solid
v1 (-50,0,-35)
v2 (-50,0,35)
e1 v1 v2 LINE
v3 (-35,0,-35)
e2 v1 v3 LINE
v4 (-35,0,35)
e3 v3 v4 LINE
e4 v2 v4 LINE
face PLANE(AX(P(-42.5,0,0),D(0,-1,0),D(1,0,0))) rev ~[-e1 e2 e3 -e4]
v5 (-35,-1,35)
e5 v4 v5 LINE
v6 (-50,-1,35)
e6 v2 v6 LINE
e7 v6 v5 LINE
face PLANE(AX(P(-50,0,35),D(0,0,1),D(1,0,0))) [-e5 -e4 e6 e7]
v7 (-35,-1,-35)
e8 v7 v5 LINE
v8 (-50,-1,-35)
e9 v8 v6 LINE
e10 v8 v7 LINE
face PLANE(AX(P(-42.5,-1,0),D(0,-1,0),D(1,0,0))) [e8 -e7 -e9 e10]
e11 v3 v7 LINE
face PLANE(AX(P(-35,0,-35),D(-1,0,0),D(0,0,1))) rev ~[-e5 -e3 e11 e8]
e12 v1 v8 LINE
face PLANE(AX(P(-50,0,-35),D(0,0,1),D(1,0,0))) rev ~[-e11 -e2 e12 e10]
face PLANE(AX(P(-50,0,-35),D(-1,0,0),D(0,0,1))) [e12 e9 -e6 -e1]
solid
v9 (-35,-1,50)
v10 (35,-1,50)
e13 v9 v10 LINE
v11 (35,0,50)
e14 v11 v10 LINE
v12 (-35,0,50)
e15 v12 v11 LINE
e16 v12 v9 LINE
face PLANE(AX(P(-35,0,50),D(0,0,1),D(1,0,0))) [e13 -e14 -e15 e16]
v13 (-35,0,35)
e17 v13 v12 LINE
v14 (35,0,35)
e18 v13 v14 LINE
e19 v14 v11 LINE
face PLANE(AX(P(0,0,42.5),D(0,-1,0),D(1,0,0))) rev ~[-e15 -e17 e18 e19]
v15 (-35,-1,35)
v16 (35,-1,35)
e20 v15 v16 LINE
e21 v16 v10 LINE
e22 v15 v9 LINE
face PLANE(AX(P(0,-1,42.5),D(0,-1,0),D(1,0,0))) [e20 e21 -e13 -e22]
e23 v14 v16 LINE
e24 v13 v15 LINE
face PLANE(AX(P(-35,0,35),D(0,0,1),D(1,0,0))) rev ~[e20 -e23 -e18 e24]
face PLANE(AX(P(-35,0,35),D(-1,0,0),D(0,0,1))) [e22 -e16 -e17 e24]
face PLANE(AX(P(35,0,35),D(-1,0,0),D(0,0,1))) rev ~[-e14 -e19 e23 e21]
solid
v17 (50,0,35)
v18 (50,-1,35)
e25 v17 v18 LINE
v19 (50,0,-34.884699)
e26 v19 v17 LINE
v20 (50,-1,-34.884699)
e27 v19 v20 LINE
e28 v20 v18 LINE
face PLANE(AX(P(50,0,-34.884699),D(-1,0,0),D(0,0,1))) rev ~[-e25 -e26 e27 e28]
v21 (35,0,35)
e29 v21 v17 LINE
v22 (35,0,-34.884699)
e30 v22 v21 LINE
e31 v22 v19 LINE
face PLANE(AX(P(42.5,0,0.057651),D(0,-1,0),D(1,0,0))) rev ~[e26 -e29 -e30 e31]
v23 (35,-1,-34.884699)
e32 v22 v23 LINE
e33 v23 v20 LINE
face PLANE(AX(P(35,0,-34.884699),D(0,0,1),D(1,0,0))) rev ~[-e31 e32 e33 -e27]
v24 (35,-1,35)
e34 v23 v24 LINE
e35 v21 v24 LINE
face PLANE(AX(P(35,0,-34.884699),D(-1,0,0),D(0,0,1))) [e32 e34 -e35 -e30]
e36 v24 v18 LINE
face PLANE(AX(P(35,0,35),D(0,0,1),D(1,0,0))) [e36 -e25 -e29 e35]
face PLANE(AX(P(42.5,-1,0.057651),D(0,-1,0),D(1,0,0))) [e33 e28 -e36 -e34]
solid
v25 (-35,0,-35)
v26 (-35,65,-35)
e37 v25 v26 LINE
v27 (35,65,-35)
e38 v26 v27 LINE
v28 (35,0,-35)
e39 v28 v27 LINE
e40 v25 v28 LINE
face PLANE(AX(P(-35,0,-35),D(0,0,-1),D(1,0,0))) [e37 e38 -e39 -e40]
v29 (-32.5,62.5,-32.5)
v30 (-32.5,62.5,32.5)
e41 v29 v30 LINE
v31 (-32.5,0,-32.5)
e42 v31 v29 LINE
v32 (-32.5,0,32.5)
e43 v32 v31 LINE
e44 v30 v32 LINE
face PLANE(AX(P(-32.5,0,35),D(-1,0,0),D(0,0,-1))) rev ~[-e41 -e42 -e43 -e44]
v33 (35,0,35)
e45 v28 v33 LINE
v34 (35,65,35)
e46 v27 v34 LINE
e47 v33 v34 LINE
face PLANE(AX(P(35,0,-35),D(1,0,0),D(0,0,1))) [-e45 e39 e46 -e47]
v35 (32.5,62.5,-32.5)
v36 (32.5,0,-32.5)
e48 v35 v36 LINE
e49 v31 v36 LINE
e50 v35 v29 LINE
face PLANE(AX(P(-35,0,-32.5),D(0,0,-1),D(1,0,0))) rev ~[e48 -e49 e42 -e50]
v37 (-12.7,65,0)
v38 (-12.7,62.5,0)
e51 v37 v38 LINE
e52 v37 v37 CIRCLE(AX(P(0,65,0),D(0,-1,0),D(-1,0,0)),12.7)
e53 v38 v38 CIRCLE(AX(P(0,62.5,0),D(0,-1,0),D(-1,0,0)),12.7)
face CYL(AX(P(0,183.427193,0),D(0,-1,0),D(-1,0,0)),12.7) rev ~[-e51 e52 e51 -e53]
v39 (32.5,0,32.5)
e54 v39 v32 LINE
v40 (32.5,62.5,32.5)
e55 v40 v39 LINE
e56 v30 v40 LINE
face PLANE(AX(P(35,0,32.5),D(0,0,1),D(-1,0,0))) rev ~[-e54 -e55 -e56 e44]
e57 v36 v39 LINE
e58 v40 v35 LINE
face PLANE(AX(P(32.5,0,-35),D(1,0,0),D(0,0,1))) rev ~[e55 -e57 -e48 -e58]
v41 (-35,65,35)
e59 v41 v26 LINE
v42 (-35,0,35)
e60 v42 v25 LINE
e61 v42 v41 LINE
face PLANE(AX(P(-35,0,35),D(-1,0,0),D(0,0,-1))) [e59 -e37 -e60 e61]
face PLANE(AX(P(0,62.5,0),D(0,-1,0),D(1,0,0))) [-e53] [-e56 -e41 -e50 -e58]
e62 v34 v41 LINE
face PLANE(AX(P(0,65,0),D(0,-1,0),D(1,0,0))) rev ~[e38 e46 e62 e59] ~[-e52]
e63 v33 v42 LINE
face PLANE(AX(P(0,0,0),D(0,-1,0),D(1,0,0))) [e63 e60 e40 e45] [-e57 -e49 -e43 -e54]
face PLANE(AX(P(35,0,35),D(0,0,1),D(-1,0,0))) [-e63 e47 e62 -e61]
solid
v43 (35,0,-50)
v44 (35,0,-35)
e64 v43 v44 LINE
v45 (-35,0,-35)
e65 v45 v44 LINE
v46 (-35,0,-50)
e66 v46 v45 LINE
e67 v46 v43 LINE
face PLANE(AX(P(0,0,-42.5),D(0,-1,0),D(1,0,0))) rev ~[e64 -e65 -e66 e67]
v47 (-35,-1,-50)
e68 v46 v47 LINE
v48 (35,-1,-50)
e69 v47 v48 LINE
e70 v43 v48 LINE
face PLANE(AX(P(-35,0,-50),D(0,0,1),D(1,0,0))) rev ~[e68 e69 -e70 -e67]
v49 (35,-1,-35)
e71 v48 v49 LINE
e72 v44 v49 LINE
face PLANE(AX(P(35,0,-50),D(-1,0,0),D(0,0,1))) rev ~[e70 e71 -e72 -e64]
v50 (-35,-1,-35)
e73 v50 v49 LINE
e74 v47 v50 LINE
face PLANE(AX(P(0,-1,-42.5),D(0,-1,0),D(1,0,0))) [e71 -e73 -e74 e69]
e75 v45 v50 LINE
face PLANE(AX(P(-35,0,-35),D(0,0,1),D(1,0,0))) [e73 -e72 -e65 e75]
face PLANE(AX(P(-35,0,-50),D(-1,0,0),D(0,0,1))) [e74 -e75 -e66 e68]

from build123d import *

# Parameters (mm, degrees)
F3_DEPTH = 65
F0_W     = 15
F0_H     = 70
F4_DEPTH = 1
F0_W_2   = 70
F0_H_2   = 15
F0_H_3   = 69.884698689
F5_T     = -2.5
F6_D     = 25.4


with BuildPart() as f3:
    # F0 (on Front) → F3 (new body, through all)
    with BuildSketch(Plane.XZ):
        Polygon((-35, -35), (35, -35), (35, -34.884698689), (35, 35), (-35, 35), align=None)
    extrude(amount=-F3_DEPTH)

    # F5
    f5_openings = [f3.faces().sort_by_distance(p)[0] for p in [
        (0, 0, 0),
    ]]
    offset(amount=F5_T, openings=f5_openings)

    # F6 (through all)
    with Locations(Plane(origin=(0, 65, 0), x_dir=(1, 0, 0), z_dir=(0, 1, 0))):
        with Locations((0, 0)):
            Hole(F6_D / 2)


with BuildPart() as f4:
    # F0 (on Front) → F4 (new body)
    with BuildSketch(Plane.XZ):
        with Locations((-42.5, 0)):
            Rectangle(F0_W, F0_H)
    extrude(amount=F4_DEPTH)


with BuildPart() as f4b:
    # F0 (on Front) → F4, piece 2 (new body)
    with BuildSketch(Plane.XZ):
        with Locations((0, 42.5)):
            Rectangle(F0_W_2, F0_H_2)
    extrude(amount=F4_DEPTH)


with BuildPart() as f4c:
    # F0 (on Front) → F4, piece 3 (new body)
    with BuildSketch(Plane.XZ):
        with Locations((42.5, 0.0576506555)):
            Rectangle(F0_W, F0_H_3)
    extrude(amount=F4_DEPTH)


with BuildPart() as f4d:
    # F0 (on Front) → F4, piece 4 (new body)
    with BuildSketch(Plane.XZ):
        with Locations((0, -42.5)):
            Rectangle(F0_W_2, F0_H_2)
    extrude(amount=F4_DEPTH)


solid = Compound([f3.part, f4.part, f4b.part, f4c.part, f4d.part])
